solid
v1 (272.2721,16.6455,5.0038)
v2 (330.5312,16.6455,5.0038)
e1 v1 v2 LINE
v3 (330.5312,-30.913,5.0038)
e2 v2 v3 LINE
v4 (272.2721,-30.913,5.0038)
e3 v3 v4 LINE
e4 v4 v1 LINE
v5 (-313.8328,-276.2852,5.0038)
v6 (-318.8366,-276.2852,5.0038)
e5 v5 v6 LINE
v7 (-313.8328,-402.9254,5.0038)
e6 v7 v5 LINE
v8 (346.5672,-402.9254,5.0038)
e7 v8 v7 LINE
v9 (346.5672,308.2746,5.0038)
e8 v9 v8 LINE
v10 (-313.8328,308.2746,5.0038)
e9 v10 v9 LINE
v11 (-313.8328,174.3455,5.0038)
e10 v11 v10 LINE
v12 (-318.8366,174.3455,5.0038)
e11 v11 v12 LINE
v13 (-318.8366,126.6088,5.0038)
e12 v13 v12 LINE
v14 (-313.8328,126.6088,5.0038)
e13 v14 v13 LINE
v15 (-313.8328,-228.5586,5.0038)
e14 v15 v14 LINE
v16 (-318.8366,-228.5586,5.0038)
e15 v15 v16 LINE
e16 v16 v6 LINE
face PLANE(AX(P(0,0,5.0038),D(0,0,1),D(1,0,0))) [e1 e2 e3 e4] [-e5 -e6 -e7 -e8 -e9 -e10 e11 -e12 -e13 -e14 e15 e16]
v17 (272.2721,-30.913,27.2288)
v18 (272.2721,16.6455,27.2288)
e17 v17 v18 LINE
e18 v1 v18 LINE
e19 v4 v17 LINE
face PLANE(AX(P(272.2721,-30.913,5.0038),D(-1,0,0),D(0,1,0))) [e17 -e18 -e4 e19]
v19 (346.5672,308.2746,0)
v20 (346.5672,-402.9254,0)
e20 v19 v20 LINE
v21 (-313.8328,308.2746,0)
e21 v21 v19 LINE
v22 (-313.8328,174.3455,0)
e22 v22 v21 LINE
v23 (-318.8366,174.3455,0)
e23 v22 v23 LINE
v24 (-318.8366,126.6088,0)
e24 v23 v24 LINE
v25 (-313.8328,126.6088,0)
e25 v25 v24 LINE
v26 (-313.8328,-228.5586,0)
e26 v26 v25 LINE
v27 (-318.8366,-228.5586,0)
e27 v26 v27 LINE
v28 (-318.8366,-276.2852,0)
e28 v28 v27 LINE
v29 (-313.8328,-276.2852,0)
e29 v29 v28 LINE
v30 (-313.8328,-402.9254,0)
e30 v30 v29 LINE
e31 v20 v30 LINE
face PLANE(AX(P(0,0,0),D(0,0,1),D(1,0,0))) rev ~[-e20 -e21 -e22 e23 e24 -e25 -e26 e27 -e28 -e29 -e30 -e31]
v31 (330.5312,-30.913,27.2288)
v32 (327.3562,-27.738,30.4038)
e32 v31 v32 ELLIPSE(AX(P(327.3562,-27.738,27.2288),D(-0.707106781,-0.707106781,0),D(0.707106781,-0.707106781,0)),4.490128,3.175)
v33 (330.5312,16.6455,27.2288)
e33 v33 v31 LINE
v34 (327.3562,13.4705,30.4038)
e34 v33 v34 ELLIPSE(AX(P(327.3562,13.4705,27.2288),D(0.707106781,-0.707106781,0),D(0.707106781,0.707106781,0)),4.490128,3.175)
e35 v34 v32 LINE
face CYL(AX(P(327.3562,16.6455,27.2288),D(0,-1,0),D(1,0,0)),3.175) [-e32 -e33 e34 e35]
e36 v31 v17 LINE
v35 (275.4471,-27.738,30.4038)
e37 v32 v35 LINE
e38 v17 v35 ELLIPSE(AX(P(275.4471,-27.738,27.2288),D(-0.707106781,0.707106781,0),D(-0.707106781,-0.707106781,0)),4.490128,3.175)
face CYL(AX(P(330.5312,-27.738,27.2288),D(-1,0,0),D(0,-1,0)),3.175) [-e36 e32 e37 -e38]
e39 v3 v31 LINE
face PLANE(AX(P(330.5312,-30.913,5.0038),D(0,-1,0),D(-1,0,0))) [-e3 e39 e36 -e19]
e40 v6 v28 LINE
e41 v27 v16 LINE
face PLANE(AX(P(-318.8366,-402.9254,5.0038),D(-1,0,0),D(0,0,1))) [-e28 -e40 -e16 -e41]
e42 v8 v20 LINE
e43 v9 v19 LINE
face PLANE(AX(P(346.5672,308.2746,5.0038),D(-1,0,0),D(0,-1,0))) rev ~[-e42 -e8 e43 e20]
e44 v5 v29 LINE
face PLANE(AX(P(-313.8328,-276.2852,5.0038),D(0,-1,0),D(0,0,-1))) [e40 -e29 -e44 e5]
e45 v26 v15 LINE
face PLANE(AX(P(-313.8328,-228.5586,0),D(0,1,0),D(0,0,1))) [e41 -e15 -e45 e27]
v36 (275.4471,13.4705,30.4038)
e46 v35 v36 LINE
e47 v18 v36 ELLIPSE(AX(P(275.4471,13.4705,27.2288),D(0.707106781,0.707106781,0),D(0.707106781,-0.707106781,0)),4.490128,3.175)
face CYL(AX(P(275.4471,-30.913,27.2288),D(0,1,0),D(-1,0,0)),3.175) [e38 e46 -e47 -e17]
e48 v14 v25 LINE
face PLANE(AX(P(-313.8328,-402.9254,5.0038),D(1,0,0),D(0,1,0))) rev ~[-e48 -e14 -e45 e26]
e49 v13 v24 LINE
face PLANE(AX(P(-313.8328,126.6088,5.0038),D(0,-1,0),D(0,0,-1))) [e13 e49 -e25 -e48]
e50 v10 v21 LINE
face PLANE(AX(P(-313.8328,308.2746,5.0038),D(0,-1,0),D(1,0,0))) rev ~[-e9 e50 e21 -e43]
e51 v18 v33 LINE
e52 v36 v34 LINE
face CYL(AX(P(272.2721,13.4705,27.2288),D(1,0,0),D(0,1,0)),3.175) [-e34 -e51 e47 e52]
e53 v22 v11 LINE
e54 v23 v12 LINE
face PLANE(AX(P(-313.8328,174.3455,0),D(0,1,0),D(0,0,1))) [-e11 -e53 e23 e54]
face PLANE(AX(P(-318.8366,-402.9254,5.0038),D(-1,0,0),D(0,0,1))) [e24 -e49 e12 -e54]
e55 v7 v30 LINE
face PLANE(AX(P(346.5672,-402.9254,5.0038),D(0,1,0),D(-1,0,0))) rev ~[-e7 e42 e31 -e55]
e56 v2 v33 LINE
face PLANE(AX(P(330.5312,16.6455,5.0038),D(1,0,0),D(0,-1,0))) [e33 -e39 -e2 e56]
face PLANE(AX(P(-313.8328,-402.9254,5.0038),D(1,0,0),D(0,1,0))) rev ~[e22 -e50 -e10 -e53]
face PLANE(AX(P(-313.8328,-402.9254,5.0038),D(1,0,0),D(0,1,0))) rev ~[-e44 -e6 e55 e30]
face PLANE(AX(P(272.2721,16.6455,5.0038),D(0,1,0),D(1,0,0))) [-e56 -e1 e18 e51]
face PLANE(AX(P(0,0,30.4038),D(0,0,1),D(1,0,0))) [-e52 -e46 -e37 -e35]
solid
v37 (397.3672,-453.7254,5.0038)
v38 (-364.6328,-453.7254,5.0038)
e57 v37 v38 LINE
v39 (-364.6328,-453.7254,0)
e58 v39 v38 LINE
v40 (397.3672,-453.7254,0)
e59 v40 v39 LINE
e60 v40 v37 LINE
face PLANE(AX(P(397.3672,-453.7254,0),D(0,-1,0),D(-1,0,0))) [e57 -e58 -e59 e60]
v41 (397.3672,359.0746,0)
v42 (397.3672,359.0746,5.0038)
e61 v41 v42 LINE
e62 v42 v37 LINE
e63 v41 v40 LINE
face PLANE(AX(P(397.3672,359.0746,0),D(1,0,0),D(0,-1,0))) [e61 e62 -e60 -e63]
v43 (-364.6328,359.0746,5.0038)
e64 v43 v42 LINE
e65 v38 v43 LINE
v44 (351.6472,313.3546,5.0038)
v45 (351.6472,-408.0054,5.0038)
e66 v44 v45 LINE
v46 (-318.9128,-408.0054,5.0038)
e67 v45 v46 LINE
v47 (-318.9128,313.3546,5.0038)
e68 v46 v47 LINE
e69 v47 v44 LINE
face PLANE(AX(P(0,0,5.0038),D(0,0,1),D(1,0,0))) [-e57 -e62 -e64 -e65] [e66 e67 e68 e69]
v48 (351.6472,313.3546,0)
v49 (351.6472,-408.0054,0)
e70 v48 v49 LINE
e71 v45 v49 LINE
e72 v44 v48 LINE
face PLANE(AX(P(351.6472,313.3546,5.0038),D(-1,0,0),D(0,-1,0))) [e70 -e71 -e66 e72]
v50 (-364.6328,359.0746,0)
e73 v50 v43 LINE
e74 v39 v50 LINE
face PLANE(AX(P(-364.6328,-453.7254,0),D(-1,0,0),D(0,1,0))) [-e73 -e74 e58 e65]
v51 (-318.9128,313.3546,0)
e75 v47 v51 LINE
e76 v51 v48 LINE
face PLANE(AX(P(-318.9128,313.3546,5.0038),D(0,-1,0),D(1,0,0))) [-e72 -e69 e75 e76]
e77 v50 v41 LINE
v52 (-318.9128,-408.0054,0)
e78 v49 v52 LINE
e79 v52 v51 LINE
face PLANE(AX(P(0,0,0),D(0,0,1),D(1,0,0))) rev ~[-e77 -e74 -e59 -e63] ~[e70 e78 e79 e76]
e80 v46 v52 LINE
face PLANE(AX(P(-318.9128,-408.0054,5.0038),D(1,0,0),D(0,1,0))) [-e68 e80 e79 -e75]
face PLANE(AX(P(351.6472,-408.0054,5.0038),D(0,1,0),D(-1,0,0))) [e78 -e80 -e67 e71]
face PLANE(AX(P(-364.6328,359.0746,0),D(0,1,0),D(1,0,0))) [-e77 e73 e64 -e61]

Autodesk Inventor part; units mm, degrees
ref_plane "YZ Plane" through (0, 0, 0) normal (1, 0, 0) x (0, 1, 0)
ref_plane "XZ Plane" through (0, 0, 0) normal (0, 1, 0) x (-1, 0, 0)
ref_plane "XY Plane" through (0, 0, 0) normal (0, 0, 1) x (1, 0, 0)
sketch "Sketch1" plane through (0, 0, 0) normal (0, 0, 1) x (1, 0, 0)
  line L0 (-364.6328, 359.0746) -> (397.3672, 359.0746)
  line L1 (397.3672, 359.0746) -> (397.3672, -453.7254)
  line L2 (397.3672, -453.7254) -> (-364.6328, -453.7254)
  line L3 (-364.6328, -453.7254) -> (-364.6328, 359.0746)
  point P0 (0, 0)
  dimension "d0" = 762
  dimension "d1" = 812.8
extrude "Extrusion1" add sketch "Sketch1" along normal blind 5.0038
sketch "Sketch2" plane through (0, 0, 5.0038) normal (0, 0, 1) x (1, 0, 0)
  line L0 (-313.8328, 308.2746) -> (346.5672, 308.2746)
  line L1 (346.5672, 308.2746) -> (346.5672, -402.9254)
  line L2 (346.5672, -402.9254) -> (-313.8328, -402.9254)
  line L3 (-313.8328, -402.9254) -> (-313.8328, 308.2746)
  line L4 (-364.6328, 359.0746) -> (397.3672, 359.0746) projected
  line L5 (-364.6328, -453.7254) -> (397.3672, -453.7254) projected
  line L6 (-364.6328, 359.0746) -> (-364.6328, -453.7254) projected
  line L7 (397.3672, -453.7254) -> (397.3672, 359.0746) projected
  line L8 (-318.9128, 313.3546) -> (351.6472, 313.3546)
  line L9 (351.6472, 313.3546) -> (351.6472, -408.0054)
  line L10 (351.6472, -408.0054) -> (-318.9128, -408.0054)
  line L11 (-318.9128, -408.0054) -> (-318.9128, 313.3546)
  point P0 (0, 0)
  dimension "d4" = 50.8
  dimension "d5" = 50.8
  dimension "d6" = 50.8
  dimension "d7" = 50.8
  dimension "d8" = 5.08
  dimension "d9" = 5.08
  dimension "d10" = 5.08
  dimension "d11" = 5.08
extrude "Extrusion2" cut sketch "Sketch2" against normal blind 5.0038 contours L8 L9 L10 L11
sketch "Sketch3" plane through (-313.8328, -402.9254, 5.0038) normal (-1, 0, 0) x (0, 0, 1)
  line L0 (-5.0038, 762) -> (-5.0038, -50.8) projected
  line L1 (0, -50.8) -> (0, 762) projected
  line L2 (-5.0038, 577.2709) -> (0, 577.2709)
  line L3 (0, 577.2709) -> (0, 529.5342)
  line L4 (0, 529.5342) -> (-5.0038, 529.5342)
  line L5 (-5.0038, 529.5342) -> (-5.0038, 577.2709)
  line L6 (0, 174.3668) -> (0, 157.0851)
  line L7 (-5.0038, 157.0851) -> (-5.0038, 174.3668)
  line L8 (0, 0) -> (0, 711.2) projected
  line L9 (-5.0038, 174.3668) -> (0, 174.3668)
  line L10 (0, 174.3668) -> (0, 126.6402)
  line L11 (0, 126.6402) -> (-5.0038, 126.6402)
  line L12 (-5.0038, 126.6402) -> (-5.0038, 174.3668)
  point P0 (-5.0038, 402.9254)
  dimension "d16" = 47.7266
extrude "Extrusion3" add sketch "Sketch3" along normal blind 5.0038 contours L2 L1 L4 L0 | L9 L1 L11 L0
sketch "Sketch4" plane through (0, 0, 5.0038) normal (0, 0, 1) x (1, 0, 0)
  line L0 (272.2721, 16.6455) -> (330.5312, 16.6455)
  line L1 (330.5312, 16.6455) -> (330.5312, -30.913)
  line L2 (330.5312, -30.913) -> (272.2721, -30.913)
  line L3 (272.2721, -30.913) -> (272.2721, 16.6455)
  point P0 (0, 0)
extrude "Extrusion4" add sketch "Sketch4" along normal blind 25.4
fillet "Fillet1" radius 3.175 4 edges at (301.4017, 16.6455, 30.4038) (330.5312, -7.1338, 30.4038) (301.4017, -30.913, 30.4038) (272.2721, -7.1338, 30.4038)
properties part number "tetris backdoor"
